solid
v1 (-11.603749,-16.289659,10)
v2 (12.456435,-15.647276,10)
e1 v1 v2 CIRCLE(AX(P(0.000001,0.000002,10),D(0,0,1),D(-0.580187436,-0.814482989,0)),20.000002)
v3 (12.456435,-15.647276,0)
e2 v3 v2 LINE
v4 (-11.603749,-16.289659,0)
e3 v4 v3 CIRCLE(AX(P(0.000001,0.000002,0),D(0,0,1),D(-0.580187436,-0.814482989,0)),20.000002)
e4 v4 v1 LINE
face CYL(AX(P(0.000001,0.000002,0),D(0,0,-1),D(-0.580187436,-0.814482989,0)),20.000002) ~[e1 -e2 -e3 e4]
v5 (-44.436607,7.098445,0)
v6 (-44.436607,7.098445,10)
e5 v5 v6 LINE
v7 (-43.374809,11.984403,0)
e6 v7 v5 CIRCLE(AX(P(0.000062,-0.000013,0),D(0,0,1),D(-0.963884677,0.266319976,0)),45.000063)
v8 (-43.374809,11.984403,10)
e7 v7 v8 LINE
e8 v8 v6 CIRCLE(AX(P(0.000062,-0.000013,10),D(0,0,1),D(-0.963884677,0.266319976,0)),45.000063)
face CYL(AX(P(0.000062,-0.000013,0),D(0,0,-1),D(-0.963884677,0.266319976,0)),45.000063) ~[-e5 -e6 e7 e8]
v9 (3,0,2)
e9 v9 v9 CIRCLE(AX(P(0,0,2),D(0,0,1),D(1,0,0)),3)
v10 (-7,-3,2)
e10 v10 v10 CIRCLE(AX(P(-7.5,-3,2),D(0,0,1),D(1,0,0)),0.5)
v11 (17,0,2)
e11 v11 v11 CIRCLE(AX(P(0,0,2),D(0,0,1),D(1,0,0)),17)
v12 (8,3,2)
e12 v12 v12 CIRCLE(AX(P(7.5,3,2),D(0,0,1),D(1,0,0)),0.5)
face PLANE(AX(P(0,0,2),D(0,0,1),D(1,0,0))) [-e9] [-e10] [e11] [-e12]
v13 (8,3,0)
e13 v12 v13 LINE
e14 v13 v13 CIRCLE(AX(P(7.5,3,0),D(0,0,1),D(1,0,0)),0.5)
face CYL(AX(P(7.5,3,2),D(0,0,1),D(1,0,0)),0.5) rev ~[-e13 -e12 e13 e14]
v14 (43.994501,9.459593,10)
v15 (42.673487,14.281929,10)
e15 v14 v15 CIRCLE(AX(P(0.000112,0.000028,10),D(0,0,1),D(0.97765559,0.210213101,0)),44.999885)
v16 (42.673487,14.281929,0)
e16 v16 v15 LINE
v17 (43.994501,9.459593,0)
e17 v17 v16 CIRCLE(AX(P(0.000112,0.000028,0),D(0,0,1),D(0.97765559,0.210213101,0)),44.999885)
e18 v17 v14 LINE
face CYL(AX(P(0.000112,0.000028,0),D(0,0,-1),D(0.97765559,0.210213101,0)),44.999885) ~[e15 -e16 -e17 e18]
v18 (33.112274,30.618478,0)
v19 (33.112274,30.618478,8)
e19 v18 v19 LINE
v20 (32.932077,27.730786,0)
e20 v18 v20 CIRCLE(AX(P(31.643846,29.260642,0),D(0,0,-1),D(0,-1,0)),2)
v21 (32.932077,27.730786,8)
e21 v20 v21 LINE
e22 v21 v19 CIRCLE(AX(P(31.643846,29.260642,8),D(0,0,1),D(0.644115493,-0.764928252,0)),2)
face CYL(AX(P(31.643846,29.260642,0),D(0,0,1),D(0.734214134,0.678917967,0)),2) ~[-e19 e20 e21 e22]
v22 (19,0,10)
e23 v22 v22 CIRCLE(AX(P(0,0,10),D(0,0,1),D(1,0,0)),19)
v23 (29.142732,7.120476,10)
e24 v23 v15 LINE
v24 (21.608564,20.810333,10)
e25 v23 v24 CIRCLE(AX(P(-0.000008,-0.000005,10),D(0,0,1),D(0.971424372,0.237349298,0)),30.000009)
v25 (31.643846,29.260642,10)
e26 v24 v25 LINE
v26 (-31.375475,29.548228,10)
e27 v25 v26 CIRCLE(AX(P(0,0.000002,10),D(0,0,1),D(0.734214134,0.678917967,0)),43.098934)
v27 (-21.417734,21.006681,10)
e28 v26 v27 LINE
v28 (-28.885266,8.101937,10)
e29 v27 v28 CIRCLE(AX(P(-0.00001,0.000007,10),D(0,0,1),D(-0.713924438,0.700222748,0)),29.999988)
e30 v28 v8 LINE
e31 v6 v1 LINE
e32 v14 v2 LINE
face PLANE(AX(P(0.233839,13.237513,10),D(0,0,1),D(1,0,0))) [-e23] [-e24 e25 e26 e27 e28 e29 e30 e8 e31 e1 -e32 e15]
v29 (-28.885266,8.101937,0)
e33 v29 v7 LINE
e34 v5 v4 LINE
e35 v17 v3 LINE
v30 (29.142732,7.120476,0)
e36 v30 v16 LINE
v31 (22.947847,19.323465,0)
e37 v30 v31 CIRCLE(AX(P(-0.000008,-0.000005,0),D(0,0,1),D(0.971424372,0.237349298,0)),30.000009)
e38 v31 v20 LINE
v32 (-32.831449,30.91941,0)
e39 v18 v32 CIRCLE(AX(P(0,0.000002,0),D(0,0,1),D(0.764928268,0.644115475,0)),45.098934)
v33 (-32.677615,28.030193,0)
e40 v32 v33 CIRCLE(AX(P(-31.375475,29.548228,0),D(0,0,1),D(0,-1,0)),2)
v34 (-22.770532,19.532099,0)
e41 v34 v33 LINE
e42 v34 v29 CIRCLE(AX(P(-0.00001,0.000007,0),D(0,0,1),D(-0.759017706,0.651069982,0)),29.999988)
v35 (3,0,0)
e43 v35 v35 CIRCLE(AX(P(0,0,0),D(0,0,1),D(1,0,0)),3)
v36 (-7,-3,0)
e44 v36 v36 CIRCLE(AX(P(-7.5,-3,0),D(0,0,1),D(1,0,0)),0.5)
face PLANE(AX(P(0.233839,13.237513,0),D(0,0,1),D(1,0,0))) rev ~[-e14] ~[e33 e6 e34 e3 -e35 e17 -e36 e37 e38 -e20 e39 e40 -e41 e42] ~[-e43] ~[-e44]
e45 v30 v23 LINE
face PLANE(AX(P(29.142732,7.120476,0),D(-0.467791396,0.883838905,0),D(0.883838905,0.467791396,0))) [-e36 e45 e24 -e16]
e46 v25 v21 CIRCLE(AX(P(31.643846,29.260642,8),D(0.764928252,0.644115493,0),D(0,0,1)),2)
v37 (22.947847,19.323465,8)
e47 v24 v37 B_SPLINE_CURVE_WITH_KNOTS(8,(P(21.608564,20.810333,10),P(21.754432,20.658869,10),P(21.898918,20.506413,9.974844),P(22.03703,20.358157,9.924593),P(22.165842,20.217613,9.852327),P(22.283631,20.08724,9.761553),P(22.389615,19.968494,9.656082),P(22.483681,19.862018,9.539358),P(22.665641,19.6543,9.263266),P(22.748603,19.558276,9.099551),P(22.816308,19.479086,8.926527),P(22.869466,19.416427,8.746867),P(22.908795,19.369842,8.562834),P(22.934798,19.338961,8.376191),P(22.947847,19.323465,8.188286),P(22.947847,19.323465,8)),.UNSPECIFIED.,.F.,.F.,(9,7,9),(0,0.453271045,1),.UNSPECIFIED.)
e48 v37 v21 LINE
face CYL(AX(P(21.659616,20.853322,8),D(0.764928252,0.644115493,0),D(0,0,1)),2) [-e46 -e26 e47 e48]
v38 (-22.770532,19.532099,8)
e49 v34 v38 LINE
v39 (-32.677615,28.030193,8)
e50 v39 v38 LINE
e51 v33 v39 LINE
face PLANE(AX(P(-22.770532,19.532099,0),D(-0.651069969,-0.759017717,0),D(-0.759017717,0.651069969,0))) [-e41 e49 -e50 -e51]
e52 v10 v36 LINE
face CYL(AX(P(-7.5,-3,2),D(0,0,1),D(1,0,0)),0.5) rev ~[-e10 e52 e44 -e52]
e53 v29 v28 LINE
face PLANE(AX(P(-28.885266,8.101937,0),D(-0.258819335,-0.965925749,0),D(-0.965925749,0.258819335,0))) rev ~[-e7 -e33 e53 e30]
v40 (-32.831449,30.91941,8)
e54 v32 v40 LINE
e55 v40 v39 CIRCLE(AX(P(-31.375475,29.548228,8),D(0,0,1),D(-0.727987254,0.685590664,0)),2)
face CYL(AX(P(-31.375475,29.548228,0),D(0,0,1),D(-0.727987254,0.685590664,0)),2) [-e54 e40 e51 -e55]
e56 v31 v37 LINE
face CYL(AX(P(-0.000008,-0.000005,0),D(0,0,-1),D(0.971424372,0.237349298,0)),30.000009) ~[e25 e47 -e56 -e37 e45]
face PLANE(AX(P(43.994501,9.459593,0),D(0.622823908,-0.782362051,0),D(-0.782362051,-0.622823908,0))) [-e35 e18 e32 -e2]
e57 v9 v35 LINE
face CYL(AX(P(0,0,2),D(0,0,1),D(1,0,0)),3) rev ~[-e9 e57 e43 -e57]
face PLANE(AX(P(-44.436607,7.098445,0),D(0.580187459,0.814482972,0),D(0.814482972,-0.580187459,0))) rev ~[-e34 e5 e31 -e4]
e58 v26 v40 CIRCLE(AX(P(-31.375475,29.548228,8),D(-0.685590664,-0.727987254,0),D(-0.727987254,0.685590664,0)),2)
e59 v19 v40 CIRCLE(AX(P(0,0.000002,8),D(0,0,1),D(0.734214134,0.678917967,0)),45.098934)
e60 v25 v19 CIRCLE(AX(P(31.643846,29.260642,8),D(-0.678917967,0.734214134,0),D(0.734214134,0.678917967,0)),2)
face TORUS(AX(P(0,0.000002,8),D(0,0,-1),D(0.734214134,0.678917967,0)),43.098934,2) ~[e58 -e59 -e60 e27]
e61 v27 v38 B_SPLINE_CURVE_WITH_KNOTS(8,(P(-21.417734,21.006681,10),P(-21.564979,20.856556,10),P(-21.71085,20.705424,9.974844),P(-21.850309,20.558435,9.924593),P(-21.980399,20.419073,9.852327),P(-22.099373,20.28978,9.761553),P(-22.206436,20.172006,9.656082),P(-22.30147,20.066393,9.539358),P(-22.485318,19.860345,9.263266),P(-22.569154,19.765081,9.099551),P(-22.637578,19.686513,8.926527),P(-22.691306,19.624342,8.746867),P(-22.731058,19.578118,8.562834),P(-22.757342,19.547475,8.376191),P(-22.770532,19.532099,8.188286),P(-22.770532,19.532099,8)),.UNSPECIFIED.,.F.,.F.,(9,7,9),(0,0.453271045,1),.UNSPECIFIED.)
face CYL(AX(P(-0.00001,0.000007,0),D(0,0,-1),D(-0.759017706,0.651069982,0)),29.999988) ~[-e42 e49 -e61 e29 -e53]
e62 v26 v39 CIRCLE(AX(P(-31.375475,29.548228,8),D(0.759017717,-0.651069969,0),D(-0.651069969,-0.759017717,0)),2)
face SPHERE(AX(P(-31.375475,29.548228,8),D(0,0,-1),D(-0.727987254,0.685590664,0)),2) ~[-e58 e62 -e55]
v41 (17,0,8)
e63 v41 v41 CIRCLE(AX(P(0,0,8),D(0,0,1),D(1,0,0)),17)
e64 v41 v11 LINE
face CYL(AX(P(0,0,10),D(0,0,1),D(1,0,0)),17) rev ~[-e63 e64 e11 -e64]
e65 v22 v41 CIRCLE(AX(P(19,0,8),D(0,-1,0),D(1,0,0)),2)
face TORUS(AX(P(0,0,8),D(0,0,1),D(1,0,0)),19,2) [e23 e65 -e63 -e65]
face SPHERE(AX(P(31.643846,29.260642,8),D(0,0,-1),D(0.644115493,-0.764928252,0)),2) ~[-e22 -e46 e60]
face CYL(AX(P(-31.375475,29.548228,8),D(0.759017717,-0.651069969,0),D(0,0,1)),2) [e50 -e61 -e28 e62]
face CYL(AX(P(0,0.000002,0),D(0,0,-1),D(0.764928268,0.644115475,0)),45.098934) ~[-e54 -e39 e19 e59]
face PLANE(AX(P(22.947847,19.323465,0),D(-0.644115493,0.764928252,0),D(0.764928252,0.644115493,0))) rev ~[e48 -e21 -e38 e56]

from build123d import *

# Parameters (mm, degrees)
PAD_DEPTH       = 10
SKETCH001_R     = 17
POCKET_DEPTH    = 8
FILLET_R        = 2
FILLET001_R     = 2
SKETCH002_R     = 3
POCKET001_DEPTH = 5
FILLET002_R     = 2
FILLET003_R     = 2
SKETCH003_R     = 0.5
POCKET002_DEPTH = 5


with BuildPart() as part:
    # Sketch → Pad (new body)
    with BuildSketch(Plane.XY):
        with BuildLine():
            ThreePointArc((29.142732, 7.120476), (26.750427, 13.579935), (22.947847, 19.323465))
            Line((22.947847, 19.323465), (34.497449, 29.048923))
            ThreePointArc((34.497449, 29.048923), (0.205805, 45.098466), (-34.230891, 29.362562))
            Line((-22.770532, 19.532099), (-34.230891, 29.362562))
            ThreePointArc((-22.770532, 19.532099), (-26.452647, 14.151236), (-28.885266, 8.101937))
            Line((-28.885266, 8.101937), (-43.374809, 11.984403))
            ThreePointArc((-43.374809, 11.984403), (-43.973621, 9.556182), (-44.436607, 7.098445))
            Line((-44.436607, 7.098445), (-11.603749, -16.289659))
            ThreePointArc((-11.603749, -16.289659), (0.53379, -19.992875), (12.456435, -15.647276))
            Line((43.994501, 9.459593), (12.456435, -15.647276))
            ThreePointArc((43.994501, 9.459593), (43.401023, 11.889122), (42.673487, 14.281929))
            Line((29.142732, 7.120476), (42.673487, 14.281929))
        make_face()
    extrude(amount=PAD_DEPTH)

    # Sketch001 → Pocket (cut)
    with BuildSketch(Plane.XY.offset(10)):
        Circle(SKETCH001_R)
    extrude(amount=-POCKET_DEPTH, mode=Mode.SUBTRACT)

    # Fillet
    fillet_edges = [part.edges().sort_by_distance(p)[0] for p in [
        (-34.230891, 29.362562, 5),
    ]]
    fillet(fillet_edges, radius=FILLET_R)

    # Fillet001
    fillet001_edges = [part.edges().sort_by_distance(p)[0] for p in [
        (34.497449, 29.048923, 5),
    ]]
    fillet(fillet001_edges, radius=FILLET001_R)

    # Sketch002 → Pocket001 (cut)
    with BuildSketch(Plane.XY.offset(2)):
        Circle(SKETCH002_R)
    extrude(amount=-POCKET001_DEPTH, mode=Mode.SUBTRACT)

    # Fillet002
    fillet002_edges = [part.edges().sort_by_distance(p)[0] for p in [
        (-17, 0, 10),
    ]]
    fillet(fillet002_edges, radius=FILLET002_R)

    # Fillet003
    fillet003_edges = [part.edges().sort_by_distance(p)[0] for p in [
        (0.205805, 45.098466, 10),
    ]]
    fillet(fillet003_edges, radius=FILLET003_R)

    # Sketch003 → Pocket002 (cut)
    with BuildSketch(Plane.XY.offset(2)):
        with Locations((7.5, 3)):
            Circle(SKETCH003_R)
        with Locations((-7.5, -3)):
            Circle(SKETCH003_R)
    extrude(amount=-POCKET002_DEPTH, mode=Mode.SUBTRACT)


solid = part.part
